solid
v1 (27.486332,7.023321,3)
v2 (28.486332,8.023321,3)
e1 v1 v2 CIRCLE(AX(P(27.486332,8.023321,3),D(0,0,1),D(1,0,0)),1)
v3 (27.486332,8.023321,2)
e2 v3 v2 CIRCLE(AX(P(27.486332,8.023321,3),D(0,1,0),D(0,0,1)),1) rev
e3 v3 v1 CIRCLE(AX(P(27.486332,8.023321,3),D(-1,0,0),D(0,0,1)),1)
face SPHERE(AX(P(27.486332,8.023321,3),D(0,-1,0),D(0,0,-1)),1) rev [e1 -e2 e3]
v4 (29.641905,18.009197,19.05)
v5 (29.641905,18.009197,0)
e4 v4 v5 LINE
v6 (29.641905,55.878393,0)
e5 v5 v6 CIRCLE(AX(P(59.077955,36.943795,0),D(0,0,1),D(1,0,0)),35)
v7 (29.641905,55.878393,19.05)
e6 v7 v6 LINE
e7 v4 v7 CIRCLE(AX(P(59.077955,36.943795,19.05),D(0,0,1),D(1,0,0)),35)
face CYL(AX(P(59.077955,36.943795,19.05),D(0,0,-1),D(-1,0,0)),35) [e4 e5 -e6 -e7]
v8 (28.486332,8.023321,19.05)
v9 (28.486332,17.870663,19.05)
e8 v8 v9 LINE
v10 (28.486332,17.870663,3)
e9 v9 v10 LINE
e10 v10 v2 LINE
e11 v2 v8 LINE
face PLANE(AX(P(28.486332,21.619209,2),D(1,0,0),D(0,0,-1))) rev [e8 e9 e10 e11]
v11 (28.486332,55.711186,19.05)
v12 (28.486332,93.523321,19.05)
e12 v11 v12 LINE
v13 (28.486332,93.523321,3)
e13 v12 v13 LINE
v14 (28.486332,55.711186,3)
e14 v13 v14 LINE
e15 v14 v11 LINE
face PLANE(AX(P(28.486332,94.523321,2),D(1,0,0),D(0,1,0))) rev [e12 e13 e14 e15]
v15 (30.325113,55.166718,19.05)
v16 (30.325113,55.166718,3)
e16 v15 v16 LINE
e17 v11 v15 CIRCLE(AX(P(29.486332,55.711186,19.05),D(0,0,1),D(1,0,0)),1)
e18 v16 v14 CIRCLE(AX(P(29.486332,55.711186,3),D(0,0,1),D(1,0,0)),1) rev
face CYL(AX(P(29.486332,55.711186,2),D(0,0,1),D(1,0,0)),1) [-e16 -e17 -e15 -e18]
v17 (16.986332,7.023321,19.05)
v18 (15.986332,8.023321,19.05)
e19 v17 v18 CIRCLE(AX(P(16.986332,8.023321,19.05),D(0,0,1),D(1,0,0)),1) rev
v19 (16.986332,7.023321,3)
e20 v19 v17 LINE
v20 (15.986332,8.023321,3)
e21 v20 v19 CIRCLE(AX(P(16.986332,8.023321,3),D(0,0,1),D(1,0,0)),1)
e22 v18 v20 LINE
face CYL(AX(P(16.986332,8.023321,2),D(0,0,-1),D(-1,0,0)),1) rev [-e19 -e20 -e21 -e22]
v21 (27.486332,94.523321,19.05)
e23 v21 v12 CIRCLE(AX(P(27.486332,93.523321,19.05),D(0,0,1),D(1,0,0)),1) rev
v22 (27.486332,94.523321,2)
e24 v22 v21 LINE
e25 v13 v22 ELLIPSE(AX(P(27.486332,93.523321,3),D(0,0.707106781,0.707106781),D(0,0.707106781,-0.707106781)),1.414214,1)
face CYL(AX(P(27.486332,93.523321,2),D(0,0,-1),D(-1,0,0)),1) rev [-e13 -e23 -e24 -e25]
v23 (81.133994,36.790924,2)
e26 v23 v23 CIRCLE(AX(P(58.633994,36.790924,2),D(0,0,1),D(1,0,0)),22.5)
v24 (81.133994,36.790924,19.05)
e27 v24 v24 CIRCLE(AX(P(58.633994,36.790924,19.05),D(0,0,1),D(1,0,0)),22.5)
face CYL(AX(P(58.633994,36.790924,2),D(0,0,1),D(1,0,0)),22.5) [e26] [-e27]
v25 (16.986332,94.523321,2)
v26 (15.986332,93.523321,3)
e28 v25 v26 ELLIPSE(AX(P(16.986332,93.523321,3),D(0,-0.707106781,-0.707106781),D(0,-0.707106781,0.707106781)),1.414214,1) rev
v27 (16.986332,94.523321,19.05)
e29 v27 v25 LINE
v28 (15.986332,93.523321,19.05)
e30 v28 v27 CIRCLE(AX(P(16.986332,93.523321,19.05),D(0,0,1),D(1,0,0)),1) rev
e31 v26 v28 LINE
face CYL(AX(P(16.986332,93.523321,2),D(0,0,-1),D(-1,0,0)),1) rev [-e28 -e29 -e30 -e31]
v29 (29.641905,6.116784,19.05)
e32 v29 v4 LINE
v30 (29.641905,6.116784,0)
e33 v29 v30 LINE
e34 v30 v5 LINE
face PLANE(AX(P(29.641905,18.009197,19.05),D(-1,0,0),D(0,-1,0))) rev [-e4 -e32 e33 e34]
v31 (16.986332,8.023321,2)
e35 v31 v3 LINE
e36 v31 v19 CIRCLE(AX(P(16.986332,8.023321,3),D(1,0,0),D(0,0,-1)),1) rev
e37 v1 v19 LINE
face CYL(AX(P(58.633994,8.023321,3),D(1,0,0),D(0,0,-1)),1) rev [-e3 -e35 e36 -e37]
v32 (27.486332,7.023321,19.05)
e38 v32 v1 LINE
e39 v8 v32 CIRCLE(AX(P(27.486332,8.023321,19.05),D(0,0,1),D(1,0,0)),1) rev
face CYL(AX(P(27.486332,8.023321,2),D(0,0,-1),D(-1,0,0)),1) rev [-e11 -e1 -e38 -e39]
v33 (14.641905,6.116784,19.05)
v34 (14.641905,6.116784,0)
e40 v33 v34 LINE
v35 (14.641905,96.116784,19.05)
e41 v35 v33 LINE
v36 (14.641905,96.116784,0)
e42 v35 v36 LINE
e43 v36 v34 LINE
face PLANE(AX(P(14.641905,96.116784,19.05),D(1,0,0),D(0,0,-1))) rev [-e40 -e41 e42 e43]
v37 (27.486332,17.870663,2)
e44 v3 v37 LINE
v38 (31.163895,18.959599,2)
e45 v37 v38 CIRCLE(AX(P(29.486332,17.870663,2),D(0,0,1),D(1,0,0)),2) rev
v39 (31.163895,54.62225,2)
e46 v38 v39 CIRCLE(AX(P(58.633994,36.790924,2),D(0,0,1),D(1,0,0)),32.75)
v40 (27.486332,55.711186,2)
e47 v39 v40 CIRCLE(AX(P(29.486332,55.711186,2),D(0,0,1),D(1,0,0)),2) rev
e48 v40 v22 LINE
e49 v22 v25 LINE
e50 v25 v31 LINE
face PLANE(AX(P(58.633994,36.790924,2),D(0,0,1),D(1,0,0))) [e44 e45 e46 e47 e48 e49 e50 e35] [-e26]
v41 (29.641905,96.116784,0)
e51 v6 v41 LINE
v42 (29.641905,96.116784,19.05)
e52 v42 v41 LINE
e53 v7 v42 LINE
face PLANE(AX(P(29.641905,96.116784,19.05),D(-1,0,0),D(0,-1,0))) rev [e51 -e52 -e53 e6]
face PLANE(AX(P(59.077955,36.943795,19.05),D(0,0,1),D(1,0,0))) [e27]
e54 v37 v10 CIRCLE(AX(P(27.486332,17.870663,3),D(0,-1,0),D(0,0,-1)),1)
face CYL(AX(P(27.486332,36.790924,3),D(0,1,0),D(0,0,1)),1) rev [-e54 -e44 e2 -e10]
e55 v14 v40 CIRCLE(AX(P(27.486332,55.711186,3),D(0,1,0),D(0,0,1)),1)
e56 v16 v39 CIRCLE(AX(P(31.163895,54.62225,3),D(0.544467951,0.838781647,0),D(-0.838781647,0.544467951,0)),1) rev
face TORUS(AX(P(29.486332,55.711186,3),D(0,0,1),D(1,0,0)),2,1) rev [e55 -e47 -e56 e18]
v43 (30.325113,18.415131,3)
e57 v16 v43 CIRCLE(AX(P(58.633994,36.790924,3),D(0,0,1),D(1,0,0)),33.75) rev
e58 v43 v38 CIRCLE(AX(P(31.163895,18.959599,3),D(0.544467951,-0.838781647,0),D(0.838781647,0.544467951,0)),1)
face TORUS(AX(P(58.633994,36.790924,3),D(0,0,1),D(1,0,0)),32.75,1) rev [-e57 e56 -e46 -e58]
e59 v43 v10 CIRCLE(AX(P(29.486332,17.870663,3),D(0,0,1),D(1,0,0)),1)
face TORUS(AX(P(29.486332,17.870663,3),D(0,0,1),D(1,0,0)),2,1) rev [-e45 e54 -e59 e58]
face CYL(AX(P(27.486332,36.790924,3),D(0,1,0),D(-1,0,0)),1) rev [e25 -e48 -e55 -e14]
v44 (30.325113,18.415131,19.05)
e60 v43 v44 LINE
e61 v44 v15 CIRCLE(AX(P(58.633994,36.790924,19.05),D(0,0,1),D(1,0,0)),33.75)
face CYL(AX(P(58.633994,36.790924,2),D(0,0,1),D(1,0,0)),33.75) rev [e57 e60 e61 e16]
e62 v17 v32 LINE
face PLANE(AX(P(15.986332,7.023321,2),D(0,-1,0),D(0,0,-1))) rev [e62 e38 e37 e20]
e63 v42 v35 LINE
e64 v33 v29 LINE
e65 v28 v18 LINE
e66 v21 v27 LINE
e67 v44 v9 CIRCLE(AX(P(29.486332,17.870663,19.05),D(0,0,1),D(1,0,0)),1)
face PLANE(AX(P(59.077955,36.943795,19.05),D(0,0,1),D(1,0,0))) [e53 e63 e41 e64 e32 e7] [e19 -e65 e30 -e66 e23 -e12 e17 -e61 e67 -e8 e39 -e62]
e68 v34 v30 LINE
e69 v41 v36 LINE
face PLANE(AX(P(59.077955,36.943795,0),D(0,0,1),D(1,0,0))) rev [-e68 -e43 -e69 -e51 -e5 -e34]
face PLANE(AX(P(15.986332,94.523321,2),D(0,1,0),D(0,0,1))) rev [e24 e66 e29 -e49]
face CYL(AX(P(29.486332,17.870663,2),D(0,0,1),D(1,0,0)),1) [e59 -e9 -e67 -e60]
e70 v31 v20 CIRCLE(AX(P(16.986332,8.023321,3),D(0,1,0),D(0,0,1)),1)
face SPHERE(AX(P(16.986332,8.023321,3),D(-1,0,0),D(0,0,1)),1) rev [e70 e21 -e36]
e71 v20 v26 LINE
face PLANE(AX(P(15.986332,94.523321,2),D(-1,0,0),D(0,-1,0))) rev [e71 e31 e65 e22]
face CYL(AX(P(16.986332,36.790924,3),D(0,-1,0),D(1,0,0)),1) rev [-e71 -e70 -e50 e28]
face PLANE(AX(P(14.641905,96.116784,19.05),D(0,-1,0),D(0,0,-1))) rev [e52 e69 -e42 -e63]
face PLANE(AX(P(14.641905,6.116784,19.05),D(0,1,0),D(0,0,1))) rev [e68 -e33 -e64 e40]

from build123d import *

# Parameters (mm, degrees)
BOSS_EXTRUDE1_DEPTH = 19.05
SKETCH4_R           = 22.5
CUT_EXTRUDE1_DEPTH  = 17.05
FILLET1_R           = 1


with BuildPart() as part:
    # Sketch1 → Boss-Extrude1 (new body)
    with BuildSketch(Plane.XY):
        with BuildLine():
            Line((14.641905013, 96.116783887), (29.641905013, 96.116783887))
            Line((29.641905013, 96.116783887), (29.641905013, 55.878392582))
            ThreePointArc((29.641905013, 55.878392582), (94.077954609, 36.943795037), (29.641905013, 18.009197492))
            Line((29.641905013, 18.009197492), (29.641905013, 6.116783887))
            Line((29.641905013, 6.116783887), (14.641905013, 6.116783887))
            Line((14.641905013, 6.116783887), (14.641905013, 96.116783887))
        make_face()
    extrude(amount=BOSS_EXTRUDE1_DEPTH)

    # Sketch4 → Cut-Extrude1 (cut)
    with BuildSketch(Plane.XY.offset(19.05)):
        with BuildLine():
            Line((28.486331549, 21.619208615), (28.486331549, 7.023321428))
            Line((28.486331549, 7.023321428), (15.986331549, 7.023321428))
            Line((15.986331549, 7.023321428), (15.986331549, 94.523321428))
            Line((15.986331549, 94.523321428), (28.486331549, 94.523321428))
            Line((28.486331549, 94.523321428), (28.486331549, 51.962640383))
            ThreePointArc((28.486331549, 51.962640383), (92.383993766, 36.790924499), (28.486331549, 21.619208615))
        make_face()
        with Locations((58.633993766, 36.790924499)):
            Circle(SKETCH4_R, mode=Mode.SUBTRACT)
    extrude(amount=-CUT_EXTRUDE1_DEPTH, mode=Mode.SUBTRACT)

    # Fillet1
    fillet1_edges = [part.edges().sort_by_distance(p)[0] for p in [
        (22.236331549, 7.023321428, 2),
        (28.486331549, 7.023321428, 10.525),
        (15.986331549, 50.773321428, 2),
        (15.986331549, 7.023321428, 10.525),
        (15.986331549, 94.523321428, 10.525),
        (28.486331549, 73.242980906, 2),
        (28.486331549, 94.523321428, 10.525),
        (92.383993766, 36.790924499, 2),
        (28.486331549, 51.962640383, 10.525),
        (28.486331549, 14.321265022, 2),
        (28.486331549, 21.619208615, 10.525),
    ]]
    fillet(fillet1_edges, radius=FILLET1_R)


solid = part.part
